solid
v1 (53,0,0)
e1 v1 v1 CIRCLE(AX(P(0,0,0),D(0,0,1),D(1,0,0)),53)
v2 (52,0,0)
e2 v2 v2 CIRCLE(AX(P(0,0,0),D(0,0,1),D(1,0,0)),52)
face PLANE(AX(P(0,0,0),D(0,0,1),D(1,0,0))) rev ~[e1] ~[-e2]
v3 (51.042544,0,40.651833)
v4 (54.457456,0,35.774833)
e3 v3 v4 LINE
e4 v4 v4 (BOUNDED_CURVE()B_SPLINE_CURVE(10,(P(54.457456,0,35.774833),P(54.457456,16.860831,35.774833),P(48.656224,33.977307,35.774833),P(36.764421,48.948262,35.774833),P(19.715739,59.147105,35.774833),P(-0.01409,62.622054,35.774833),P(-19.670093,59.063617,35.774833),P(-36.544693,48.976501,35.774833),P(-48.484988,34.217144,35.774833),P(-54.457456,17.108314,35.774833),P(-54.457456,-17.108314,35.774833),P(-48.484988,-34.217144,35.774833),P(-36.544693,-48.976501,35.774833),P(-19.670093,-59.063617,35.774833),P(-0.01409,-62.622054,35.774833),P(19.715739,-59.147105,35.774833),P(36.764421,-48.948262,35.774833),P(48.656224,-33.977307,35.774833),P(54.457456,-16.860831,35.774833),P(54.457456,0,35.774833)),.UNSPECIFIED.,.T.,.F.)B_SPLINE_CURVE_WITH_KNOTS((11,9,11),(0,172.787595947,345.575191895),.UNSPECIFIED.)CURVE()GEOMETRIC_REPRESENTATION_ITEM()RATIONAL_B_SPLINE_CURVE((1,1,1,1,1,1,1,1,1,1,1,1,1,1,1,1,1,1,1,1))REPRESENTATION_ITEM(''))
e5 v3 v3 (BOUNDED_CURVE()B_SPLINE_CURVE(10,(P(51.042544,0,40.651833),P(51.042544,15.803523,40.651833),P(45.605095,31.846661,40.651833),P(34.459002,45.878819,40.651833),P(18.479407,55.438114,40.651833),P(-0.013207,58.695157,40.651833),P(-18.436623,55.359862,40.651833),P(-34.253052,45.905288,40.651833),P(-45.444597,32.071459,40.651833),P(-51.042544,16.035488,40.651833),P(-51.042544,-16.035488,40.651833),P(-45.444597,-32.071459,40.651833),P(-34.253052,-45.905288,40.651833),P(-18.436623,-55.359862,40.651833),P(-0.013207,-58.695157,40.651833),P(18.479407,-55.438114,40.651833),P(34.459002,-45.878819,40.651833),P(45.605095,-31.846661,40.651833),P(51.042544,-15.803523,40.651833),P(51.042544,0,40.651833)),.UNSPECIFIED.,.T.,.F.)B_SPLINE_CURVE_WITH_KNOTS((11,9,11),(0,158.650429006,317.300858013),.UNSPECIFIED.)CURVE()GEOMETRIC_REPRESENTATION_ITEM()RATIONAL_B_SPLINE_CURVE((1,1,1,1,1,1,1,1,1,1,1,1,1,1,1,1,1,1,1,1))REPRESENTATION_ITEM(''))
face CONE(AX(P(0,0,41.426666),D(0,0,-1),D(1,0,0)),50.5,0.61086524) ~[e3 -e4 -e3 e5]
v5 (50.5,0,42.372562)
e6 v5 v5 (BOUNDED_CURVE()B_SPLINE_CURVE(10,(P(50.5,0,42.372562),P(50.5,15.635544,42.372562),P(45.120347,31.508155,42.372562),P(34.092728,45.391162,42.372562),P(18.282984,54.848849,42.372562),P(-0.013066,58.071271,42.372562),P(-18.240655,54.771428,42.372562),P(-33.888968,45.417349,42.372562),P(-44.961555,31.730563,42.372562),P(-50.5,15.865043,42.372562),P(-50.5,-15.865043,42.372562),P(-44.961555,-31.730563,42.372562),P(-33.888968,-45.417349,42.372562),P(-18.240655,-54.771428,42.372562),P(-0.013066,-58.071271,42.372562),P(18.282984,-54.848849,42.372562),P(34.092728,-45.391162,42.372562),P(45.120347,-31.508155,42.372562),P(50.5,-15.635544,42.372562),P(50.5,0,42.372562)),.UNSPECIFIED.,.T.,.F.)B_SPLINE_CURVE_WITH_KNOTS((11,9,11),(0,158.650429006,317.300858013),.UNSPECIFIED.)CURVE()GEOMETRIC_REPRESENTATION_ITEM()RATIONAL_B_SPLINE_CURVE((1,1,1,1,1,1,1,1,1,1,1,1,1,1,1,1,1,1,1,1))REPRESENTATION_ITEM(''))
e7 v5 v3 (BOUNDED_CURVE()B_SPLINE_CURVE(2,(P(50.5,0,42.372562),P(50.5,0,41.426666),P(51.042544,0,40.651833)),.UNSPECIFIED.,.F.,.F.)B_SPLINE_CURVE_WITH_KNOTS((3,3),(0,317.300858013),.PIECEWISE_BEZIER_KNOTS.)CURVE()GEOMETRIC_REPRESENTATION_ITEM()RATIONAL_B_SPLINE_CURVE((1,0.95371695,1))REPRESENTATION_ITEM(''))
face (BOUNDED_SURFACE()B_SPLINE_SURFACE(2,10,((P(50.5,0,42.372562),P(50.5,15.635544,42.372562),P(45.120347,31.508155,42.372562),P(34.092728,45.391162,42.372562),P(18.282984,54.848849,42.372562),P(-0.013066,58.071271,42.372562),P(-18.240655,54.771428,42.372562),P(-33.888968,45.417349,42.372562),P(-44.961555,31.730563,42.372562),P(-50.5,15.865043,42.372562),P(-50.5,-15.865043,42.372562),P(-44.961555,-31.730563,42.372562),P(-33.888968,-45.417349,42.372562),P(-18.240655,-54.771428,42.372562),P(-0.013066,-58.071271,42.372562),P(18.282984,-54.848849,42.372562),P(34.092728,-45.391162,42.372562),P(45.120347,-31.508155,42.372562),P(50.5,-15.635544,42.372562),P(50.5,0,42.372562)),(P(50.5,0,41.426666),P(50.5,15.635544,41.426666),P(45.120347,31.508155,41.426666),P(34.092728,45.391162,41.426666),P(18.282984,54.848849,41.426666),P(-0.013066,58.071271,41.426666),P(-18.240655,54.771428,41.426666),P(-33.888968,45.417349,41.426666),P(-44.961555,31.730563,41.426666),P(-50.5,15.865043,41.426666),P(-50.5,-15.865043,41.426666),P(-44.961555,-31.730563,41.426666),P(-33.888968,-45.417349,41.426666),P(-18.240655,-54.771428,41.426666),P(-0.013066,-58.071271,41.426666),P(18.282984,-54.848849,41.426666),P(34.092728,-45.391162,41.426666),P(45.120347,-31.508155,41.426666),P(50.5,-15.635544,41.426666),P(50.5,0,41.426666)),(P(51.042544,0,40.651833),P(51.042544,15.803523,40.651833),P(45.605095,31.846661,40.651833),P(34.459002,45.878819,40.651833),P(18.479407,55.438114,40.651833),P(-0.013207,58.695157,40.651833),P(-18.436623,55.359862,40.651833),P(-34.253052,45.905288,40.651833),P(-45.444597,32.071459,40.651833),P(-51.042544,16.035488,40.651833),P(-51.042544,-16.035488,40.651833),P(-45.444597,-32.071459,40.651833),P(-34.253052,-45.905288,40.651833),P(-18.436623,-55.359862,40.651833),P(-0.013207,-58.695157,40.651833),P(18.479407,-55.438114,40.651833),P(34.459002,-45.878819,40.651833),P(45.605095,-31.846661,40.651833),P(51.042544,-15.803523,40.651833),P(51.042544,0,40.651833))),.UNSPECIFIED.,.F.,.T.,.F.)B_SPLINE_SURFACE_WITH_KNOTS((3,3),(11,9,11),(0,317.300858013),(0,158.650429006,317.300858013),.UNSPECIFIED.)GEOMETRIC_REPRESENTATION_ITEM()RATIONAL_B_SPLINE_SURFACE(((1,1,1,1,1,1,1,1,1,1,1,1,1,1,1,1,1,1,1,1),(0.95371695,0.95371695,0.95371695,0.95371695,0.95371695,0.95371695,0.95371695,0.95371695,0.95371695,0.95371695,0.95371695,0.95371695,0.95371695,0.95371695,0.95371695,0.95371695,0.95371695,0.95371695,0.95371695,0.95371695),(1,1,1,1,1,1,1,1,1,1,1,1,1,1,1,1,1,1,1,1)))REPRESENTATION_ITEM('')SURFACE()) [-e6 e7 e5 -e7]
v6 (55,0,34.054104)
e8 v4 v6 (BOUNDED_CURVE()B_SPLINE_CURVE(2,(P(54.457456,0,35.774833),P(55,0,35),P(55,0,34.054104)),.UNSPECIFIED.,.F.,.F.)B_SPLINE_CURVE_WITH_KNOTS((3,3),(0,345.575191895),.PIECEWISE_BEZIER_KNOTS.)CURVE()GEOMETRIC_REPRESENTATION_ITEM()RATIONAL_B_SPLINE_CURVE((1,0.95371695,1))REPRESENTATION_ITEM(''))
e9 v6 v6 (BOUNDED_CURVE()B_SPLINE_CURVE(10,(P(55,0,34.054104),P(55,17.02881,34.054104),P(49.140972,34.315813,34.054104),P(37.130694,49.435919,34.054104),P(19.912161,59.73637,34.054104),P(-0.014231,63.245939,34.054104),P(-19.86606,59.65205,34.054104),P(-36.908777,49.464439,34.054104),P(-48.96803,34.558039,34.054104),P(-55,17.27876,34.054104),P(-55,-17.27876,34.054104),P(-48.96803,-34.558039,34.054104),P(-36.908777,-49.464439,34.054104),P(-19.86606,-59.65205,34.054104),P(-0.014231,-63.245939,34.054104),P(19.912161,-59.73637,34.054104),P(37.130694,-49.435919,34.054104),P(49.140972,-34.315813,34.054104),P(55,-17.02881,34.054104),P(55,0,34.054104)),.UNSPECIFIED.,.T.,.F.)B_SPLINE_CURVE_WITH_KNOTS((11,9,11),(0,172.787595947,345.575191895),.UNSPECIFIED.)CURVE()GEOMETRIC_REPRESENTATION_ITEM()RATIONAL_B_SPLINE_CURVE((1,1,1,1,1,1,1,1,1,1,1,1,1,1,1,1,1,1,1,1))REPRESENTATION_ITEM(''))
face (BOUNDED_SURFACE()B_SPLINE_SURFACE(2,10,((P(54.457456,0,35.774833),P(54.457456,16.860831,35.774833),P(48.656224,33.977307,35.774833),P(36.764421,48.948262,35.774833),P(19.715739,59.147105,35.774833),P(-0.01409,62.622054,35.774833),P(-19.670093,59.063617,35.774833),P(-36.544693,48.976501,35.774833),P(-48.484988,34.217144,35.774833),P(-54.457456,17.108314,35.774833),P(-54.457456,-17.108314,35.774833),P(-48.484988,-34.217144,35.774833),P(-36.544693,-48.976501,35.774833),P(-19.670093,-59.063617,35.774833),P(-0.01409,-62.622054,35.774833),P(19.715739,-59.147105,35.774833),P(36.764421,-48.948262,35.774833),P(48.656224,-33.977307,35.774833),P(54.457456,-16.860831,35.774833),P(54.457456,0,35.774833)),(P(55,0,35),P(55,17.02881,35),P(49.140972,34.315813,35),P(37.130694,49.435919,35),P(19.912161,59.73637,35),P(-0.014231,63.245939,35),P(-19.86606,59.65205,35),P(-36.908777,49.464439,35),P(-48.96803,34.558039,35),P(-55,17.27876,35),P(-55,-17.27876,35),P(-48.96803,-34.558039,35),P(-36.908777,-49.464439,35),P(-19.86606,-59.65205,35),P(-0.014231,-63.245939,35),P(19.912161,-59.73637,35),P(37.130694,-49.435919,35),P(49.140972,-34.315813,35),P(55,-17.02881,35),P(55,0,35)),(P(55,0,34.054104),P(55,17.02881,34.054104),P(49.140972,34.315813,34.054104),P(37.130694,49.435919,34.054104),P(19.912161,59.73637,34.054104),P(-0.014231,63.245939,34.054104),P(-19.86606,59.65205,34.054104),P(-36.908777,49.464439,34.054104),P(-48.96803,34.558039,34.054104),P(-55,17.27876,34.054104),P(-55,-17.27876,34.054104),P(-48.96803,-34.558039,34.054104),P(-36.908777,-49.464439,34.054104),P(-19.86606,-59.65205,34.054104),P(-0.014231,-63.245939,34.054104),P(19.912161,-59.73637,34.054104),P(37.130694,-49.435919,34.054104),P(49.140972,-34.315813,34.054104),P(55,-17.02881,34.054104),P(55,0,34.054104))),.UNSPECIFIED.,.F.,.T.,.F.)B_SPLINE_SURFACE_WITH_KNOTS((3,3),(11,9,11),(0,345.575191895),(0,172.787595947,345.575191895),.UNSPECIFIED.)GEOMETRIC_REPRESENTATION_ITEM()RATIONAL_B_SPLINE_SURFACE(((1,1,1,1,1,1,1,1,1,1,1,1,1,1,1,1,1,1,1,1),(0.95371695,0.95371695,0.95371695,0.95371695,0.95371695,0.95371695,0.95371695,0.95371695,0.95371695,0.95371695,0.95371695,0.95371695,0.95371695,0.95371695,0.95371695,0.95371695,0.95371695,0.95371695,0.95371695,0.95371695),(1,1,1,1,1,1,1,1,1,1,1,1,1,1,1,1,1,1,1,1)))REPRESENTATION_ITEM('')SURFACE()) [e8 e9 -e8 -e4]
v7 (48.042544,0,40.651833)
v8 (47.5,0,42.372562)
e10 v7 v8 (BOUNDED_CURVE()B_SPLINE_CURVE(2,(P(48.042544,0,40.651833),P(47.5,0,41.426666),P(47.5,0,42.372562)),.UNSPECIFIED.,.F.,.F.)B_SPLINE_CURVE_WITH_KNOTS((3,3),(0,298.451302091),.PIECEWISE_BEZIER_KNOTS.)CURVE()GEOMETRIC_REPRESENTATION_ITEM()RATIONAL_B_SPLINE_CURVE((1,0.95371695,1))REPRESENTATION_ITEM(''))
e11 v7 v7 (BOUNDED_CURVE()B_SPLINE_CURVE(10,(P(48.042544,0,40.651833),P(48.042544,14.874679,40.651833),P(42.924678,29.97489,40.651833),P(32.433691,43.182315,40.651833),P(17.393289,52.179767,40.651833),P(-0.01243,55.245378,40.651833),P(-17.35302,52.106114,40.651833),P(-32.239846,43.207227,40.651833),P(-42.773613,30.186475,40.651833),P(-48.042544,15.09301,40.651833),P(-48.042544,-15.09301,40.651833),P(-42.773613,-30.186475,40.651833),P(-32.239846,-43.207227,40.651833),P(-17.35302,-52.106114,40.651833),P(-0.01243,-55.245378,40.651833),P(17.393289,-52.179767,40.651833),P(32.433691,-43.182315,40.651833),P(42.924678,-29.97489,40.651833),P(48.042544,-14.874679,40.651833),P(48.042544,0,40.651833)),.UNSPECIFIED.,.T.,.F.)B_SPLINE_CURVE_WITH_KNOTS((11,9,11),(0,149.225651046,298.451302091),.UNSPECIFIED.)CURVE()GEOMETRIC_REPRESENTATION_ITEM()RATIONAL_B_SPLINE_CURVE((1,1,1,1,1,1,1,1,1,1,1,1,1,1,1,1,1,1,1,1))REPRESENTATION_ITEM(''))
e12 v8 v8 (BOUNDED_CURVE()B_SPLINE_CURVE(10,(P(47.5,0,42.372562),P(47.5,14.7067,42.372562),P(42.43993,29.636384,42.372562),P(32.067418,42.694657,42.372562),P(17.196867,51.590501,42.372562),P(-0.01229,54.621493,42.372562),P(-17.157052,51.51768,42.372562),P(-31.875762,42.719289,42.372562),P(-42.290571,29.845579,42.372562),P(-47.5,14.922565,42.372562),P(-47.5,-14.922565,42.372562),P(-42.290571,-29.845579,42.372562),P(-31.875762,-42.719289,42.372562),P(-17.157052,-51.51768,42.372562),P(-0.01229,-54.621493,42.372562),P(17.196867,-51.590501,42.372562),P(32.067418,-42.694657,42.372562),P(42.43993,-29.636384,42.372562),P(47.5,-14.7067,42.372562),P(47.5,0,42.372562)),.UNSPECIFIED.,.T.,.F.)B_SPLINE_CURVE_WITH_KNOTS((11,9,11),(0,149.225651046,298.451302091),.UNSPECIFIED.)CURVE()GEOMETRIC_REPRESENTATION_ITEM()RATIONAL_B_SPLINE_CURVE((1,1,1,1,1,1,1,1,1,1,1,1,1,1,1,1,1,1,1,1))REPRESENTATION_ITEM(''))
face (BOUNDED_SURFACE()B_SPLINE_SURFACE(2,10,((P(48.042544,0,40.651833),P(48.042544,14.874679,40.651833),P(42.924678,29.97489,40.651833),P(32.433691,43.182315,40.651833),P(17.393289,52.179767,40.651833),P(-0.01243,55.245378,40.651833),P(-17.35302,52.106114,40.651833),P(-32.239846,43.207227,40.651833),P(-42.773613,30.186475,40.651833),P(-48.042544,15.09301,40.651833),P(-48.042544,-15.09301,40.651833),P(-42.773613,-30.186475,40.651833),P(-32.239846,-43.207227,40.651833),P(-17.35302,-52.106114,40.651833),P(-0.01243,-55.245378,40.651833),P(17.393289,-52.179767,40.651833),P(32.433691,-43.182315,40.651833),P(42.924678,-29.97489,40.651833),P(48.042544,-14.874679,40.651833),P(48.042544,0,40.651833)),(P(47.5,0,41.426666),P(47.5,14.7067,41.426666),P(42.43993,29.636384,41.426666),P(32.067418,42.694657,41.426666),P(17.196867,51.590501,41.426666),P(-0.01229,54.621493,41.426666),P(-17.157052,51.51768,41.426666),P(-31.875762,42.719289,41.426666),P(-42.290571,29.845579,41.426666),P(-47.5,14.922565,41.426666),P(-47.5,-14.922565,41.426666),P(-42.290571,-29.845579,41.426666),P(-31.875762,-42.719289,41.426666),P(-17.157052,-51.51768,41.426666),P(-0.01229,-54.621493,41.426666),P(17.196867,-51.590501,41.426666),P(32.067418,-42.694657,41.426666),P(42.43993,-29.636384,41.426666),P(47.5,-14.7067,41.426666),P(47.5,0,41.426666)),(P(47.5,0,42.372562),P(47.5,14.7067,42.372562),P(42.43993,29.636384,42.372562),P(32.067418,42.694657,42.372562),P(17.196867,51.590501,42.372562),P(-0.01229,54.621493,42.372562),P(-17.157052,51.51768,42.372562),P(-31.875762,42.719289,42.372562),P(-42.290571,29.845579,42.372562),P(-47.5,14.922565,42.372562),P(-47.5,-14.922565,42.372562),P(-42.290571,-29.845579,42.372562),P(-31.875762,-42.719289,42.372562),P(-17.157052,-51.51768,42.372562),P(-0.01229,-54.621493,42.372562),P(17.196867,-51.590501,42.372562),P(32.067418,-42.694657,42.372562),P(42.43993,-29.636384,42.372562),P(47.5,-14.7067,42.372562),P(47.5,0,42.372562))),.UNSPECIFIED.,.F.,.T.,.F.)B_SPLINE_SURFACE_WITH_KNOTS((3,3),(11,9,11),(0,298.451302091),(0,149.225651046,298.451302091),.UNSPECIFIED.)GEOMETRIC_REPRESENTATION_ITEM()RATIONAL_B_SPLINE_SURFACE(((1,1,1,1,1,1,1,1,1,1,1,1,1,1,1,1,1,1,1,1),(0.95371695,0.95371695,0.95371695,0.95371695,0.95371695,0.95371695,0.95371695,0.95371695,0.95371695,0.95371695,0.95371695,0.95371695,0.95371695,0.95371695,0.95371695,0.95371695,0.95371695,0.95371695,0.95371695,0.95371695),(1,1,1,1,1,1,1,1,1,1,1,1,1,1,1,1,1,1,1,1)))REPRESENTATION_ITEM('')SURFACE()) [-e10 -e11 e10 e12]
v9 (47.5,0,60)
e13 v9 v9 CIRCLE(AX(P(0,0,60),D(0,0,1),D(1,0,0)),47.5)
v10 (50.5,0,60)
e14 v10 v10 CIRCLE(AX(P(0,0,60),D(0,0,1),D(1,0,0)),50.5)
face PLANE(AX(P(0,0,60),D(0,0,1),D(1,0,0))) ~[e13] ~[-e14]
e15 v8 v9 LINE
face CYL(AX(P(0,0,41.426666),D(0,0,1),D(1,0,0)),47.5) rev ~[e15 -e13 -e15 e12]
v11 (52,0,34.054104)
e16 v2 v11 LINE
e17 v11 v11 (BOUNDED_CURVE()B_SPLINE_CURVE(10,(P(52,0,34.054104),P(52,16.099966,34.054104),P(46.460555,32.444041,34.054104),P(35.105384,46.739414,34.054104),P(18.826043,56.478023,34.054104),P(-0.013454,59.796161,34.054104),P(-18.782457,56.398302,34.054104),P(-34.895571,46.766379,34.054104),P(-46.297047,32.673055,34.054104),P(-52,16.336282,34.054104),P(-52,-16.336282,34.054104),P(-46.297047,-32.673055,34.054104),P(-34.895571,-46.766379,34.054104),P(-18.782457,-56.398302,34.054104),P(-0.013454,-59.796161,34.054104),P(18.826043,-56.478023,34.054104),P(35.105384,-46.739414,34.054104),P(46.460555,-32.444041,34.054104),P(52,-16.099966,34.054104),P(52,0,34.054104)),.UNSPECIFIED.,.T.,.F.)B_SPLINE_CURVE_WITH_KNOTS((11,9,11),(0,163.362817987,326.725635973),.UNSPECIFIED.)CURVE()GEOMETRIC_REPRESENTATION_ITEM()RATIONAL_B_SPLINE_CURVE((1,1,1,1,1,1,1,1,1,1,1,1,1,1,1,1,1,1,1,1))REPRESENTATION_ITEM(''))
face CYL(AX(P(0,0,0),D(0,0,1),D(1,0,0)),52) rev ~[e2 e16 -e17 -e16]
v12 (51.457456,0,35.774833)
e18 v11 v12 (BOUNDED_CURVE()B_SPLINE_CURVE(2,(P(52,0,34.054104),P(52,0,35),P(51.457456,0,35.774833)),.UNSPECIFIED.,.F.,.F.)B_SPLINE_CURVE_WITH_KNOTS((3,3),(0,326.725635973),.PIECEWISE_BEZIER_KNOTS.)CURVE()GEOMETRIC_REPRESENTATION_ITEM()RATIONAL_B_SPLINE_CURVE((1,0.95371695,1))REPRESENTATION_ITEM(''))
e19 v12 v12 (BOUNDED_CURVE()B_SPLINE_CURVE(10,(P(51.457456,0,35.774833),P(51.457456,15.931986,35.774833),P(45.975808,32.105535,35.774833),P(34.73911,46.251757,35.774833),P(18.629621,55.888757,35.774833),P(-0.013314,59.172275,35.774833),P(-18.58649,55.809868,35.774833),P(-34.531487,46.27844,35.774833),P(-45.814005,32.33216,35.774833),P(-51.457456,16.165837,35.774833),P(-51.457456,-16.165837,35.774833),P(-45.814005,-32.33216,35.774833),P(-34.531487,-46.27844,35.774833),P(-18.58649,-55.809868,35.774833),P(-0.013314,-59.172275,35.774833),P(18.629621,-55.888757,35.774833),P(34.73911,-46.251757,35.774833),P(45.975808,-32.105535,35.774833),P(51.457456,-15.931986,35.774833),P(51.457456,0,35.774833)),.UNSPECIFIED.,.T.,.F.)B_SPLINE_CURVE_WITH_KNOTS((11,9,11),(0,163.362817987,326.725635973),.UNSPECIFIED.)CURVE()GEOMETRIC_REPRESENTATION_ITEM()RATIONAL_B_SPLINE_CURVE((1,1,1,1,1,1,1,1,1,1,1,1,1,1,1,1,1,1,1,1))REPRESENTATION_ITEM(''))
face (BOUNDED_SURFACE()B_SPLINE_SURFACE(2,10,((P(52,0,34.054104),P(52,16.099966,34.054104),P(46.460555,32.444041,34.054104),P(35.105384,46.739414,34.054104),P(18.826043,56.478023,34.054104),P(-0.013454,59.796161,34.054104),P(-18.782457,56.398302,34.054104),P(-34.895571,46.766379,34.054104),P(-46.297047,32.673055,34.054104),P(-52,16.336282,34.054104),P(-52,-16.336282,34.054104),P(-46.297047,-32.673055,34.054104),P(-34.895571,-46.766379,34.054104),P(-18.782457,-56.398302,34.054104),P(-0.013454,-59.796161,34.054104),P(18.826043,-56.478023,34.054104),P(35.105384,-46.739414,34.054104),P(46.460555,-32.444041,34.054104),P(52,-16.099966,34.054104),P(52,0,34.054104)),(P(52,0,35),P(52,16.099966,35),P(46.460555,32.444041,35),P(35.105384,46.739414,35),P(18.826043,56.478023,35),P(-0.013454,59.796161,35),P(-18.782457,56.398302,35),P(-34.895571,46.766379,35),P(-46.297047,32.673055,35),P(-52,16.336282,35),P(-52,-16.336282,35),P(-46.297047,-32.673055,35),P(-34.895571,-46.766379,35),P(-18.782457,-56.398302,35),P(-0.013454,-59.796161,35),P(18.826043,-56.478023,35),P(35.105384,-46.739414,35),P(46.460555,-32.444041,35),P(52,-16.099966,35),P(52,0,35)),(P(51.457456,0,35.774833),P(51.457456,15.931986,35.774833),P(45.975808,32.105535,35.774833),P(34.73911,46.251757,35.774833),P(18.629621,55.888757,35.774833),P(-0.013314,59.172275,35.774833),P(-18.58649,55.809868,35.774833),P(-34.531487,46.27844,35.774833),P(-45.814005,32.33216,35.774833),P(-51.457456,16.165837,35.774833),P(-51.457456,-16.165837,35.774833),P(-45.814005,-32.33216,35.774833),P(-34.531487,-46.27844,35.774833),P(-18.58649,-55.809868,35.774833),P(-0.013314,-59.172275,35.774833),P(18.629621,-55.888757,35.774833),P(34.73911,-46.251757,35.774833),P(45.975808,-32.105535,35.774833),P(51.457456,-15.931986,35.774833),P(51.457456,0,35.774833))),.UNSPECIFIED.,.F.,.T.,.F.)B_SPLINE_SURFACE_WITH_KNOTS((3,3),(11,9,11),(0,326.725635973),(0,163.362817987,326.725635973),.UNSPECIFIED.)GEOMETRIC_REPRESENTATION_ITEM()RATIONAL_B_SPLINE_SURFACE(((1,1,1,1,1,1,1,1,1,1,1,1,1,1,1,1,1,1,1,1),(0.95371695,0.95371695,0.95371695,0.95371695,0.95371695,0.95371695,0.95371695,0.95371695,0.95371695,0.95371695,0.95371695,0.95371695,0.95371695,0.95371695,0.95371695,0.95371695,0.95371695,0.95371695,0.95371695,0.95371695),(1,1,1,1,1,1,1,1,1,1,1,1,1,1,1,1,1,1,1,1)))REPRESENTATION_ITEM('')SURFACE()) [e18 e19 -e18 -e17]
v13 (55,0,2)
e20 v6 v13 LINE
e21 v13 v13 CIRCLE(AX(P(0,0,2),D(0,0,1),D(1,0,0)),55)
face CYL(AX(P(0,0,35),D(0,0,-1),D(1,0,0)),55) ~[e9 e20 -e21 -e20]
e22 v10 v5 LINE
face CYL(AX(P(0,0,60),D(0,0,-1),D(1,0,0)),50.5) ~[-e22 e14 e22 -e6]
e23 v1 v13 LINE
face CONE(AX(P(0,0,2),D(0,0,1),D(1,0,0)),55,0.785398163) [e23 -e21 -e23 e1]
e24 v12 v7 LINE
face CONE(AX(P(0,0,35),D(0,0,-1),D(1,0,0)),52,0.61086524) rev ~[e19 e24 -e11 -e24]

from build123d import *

# Parameters (mm, degrees)
FILLET_R     = 3
CHAMFER_SIZE = 2


with BuildPart() as part:
    # Sketch → Revolution (revolve)
    with BuildSketch(Plane.XZ):
        Polygon((52, 0), (52, 35), (47.5, 41.426666), (47.5, 60), (50.5, 60), (50.5, 41.426666), (55, 35), (55, 0), align=None)
    revolve(axis=Axis((0, 0, 0), (0, 0, 1)))

    # Fillet
    fillet_edges = [part.edges().sort_by_distance(p)[0] for p in [
        (-50.5, 0, 41.426666),
        (-55, 0, 35),
        (52.75, 0, 38.213333),
        (-52, 0, 35),
        (-47.5, 0, 41.426666),
        (49.75, 0, 38.213333),
    ]]
    fillet(fillet_edges, radius=FILLET_R)

    # Chamfer
    chamfer_edges = [part.edges().sort_by_distance(p)[0] for p in [
        (-55, 0, 0),
    ]]
    chamfer(chamfer_edges, length=CHAMFER_SIZE)


solid = part.part
